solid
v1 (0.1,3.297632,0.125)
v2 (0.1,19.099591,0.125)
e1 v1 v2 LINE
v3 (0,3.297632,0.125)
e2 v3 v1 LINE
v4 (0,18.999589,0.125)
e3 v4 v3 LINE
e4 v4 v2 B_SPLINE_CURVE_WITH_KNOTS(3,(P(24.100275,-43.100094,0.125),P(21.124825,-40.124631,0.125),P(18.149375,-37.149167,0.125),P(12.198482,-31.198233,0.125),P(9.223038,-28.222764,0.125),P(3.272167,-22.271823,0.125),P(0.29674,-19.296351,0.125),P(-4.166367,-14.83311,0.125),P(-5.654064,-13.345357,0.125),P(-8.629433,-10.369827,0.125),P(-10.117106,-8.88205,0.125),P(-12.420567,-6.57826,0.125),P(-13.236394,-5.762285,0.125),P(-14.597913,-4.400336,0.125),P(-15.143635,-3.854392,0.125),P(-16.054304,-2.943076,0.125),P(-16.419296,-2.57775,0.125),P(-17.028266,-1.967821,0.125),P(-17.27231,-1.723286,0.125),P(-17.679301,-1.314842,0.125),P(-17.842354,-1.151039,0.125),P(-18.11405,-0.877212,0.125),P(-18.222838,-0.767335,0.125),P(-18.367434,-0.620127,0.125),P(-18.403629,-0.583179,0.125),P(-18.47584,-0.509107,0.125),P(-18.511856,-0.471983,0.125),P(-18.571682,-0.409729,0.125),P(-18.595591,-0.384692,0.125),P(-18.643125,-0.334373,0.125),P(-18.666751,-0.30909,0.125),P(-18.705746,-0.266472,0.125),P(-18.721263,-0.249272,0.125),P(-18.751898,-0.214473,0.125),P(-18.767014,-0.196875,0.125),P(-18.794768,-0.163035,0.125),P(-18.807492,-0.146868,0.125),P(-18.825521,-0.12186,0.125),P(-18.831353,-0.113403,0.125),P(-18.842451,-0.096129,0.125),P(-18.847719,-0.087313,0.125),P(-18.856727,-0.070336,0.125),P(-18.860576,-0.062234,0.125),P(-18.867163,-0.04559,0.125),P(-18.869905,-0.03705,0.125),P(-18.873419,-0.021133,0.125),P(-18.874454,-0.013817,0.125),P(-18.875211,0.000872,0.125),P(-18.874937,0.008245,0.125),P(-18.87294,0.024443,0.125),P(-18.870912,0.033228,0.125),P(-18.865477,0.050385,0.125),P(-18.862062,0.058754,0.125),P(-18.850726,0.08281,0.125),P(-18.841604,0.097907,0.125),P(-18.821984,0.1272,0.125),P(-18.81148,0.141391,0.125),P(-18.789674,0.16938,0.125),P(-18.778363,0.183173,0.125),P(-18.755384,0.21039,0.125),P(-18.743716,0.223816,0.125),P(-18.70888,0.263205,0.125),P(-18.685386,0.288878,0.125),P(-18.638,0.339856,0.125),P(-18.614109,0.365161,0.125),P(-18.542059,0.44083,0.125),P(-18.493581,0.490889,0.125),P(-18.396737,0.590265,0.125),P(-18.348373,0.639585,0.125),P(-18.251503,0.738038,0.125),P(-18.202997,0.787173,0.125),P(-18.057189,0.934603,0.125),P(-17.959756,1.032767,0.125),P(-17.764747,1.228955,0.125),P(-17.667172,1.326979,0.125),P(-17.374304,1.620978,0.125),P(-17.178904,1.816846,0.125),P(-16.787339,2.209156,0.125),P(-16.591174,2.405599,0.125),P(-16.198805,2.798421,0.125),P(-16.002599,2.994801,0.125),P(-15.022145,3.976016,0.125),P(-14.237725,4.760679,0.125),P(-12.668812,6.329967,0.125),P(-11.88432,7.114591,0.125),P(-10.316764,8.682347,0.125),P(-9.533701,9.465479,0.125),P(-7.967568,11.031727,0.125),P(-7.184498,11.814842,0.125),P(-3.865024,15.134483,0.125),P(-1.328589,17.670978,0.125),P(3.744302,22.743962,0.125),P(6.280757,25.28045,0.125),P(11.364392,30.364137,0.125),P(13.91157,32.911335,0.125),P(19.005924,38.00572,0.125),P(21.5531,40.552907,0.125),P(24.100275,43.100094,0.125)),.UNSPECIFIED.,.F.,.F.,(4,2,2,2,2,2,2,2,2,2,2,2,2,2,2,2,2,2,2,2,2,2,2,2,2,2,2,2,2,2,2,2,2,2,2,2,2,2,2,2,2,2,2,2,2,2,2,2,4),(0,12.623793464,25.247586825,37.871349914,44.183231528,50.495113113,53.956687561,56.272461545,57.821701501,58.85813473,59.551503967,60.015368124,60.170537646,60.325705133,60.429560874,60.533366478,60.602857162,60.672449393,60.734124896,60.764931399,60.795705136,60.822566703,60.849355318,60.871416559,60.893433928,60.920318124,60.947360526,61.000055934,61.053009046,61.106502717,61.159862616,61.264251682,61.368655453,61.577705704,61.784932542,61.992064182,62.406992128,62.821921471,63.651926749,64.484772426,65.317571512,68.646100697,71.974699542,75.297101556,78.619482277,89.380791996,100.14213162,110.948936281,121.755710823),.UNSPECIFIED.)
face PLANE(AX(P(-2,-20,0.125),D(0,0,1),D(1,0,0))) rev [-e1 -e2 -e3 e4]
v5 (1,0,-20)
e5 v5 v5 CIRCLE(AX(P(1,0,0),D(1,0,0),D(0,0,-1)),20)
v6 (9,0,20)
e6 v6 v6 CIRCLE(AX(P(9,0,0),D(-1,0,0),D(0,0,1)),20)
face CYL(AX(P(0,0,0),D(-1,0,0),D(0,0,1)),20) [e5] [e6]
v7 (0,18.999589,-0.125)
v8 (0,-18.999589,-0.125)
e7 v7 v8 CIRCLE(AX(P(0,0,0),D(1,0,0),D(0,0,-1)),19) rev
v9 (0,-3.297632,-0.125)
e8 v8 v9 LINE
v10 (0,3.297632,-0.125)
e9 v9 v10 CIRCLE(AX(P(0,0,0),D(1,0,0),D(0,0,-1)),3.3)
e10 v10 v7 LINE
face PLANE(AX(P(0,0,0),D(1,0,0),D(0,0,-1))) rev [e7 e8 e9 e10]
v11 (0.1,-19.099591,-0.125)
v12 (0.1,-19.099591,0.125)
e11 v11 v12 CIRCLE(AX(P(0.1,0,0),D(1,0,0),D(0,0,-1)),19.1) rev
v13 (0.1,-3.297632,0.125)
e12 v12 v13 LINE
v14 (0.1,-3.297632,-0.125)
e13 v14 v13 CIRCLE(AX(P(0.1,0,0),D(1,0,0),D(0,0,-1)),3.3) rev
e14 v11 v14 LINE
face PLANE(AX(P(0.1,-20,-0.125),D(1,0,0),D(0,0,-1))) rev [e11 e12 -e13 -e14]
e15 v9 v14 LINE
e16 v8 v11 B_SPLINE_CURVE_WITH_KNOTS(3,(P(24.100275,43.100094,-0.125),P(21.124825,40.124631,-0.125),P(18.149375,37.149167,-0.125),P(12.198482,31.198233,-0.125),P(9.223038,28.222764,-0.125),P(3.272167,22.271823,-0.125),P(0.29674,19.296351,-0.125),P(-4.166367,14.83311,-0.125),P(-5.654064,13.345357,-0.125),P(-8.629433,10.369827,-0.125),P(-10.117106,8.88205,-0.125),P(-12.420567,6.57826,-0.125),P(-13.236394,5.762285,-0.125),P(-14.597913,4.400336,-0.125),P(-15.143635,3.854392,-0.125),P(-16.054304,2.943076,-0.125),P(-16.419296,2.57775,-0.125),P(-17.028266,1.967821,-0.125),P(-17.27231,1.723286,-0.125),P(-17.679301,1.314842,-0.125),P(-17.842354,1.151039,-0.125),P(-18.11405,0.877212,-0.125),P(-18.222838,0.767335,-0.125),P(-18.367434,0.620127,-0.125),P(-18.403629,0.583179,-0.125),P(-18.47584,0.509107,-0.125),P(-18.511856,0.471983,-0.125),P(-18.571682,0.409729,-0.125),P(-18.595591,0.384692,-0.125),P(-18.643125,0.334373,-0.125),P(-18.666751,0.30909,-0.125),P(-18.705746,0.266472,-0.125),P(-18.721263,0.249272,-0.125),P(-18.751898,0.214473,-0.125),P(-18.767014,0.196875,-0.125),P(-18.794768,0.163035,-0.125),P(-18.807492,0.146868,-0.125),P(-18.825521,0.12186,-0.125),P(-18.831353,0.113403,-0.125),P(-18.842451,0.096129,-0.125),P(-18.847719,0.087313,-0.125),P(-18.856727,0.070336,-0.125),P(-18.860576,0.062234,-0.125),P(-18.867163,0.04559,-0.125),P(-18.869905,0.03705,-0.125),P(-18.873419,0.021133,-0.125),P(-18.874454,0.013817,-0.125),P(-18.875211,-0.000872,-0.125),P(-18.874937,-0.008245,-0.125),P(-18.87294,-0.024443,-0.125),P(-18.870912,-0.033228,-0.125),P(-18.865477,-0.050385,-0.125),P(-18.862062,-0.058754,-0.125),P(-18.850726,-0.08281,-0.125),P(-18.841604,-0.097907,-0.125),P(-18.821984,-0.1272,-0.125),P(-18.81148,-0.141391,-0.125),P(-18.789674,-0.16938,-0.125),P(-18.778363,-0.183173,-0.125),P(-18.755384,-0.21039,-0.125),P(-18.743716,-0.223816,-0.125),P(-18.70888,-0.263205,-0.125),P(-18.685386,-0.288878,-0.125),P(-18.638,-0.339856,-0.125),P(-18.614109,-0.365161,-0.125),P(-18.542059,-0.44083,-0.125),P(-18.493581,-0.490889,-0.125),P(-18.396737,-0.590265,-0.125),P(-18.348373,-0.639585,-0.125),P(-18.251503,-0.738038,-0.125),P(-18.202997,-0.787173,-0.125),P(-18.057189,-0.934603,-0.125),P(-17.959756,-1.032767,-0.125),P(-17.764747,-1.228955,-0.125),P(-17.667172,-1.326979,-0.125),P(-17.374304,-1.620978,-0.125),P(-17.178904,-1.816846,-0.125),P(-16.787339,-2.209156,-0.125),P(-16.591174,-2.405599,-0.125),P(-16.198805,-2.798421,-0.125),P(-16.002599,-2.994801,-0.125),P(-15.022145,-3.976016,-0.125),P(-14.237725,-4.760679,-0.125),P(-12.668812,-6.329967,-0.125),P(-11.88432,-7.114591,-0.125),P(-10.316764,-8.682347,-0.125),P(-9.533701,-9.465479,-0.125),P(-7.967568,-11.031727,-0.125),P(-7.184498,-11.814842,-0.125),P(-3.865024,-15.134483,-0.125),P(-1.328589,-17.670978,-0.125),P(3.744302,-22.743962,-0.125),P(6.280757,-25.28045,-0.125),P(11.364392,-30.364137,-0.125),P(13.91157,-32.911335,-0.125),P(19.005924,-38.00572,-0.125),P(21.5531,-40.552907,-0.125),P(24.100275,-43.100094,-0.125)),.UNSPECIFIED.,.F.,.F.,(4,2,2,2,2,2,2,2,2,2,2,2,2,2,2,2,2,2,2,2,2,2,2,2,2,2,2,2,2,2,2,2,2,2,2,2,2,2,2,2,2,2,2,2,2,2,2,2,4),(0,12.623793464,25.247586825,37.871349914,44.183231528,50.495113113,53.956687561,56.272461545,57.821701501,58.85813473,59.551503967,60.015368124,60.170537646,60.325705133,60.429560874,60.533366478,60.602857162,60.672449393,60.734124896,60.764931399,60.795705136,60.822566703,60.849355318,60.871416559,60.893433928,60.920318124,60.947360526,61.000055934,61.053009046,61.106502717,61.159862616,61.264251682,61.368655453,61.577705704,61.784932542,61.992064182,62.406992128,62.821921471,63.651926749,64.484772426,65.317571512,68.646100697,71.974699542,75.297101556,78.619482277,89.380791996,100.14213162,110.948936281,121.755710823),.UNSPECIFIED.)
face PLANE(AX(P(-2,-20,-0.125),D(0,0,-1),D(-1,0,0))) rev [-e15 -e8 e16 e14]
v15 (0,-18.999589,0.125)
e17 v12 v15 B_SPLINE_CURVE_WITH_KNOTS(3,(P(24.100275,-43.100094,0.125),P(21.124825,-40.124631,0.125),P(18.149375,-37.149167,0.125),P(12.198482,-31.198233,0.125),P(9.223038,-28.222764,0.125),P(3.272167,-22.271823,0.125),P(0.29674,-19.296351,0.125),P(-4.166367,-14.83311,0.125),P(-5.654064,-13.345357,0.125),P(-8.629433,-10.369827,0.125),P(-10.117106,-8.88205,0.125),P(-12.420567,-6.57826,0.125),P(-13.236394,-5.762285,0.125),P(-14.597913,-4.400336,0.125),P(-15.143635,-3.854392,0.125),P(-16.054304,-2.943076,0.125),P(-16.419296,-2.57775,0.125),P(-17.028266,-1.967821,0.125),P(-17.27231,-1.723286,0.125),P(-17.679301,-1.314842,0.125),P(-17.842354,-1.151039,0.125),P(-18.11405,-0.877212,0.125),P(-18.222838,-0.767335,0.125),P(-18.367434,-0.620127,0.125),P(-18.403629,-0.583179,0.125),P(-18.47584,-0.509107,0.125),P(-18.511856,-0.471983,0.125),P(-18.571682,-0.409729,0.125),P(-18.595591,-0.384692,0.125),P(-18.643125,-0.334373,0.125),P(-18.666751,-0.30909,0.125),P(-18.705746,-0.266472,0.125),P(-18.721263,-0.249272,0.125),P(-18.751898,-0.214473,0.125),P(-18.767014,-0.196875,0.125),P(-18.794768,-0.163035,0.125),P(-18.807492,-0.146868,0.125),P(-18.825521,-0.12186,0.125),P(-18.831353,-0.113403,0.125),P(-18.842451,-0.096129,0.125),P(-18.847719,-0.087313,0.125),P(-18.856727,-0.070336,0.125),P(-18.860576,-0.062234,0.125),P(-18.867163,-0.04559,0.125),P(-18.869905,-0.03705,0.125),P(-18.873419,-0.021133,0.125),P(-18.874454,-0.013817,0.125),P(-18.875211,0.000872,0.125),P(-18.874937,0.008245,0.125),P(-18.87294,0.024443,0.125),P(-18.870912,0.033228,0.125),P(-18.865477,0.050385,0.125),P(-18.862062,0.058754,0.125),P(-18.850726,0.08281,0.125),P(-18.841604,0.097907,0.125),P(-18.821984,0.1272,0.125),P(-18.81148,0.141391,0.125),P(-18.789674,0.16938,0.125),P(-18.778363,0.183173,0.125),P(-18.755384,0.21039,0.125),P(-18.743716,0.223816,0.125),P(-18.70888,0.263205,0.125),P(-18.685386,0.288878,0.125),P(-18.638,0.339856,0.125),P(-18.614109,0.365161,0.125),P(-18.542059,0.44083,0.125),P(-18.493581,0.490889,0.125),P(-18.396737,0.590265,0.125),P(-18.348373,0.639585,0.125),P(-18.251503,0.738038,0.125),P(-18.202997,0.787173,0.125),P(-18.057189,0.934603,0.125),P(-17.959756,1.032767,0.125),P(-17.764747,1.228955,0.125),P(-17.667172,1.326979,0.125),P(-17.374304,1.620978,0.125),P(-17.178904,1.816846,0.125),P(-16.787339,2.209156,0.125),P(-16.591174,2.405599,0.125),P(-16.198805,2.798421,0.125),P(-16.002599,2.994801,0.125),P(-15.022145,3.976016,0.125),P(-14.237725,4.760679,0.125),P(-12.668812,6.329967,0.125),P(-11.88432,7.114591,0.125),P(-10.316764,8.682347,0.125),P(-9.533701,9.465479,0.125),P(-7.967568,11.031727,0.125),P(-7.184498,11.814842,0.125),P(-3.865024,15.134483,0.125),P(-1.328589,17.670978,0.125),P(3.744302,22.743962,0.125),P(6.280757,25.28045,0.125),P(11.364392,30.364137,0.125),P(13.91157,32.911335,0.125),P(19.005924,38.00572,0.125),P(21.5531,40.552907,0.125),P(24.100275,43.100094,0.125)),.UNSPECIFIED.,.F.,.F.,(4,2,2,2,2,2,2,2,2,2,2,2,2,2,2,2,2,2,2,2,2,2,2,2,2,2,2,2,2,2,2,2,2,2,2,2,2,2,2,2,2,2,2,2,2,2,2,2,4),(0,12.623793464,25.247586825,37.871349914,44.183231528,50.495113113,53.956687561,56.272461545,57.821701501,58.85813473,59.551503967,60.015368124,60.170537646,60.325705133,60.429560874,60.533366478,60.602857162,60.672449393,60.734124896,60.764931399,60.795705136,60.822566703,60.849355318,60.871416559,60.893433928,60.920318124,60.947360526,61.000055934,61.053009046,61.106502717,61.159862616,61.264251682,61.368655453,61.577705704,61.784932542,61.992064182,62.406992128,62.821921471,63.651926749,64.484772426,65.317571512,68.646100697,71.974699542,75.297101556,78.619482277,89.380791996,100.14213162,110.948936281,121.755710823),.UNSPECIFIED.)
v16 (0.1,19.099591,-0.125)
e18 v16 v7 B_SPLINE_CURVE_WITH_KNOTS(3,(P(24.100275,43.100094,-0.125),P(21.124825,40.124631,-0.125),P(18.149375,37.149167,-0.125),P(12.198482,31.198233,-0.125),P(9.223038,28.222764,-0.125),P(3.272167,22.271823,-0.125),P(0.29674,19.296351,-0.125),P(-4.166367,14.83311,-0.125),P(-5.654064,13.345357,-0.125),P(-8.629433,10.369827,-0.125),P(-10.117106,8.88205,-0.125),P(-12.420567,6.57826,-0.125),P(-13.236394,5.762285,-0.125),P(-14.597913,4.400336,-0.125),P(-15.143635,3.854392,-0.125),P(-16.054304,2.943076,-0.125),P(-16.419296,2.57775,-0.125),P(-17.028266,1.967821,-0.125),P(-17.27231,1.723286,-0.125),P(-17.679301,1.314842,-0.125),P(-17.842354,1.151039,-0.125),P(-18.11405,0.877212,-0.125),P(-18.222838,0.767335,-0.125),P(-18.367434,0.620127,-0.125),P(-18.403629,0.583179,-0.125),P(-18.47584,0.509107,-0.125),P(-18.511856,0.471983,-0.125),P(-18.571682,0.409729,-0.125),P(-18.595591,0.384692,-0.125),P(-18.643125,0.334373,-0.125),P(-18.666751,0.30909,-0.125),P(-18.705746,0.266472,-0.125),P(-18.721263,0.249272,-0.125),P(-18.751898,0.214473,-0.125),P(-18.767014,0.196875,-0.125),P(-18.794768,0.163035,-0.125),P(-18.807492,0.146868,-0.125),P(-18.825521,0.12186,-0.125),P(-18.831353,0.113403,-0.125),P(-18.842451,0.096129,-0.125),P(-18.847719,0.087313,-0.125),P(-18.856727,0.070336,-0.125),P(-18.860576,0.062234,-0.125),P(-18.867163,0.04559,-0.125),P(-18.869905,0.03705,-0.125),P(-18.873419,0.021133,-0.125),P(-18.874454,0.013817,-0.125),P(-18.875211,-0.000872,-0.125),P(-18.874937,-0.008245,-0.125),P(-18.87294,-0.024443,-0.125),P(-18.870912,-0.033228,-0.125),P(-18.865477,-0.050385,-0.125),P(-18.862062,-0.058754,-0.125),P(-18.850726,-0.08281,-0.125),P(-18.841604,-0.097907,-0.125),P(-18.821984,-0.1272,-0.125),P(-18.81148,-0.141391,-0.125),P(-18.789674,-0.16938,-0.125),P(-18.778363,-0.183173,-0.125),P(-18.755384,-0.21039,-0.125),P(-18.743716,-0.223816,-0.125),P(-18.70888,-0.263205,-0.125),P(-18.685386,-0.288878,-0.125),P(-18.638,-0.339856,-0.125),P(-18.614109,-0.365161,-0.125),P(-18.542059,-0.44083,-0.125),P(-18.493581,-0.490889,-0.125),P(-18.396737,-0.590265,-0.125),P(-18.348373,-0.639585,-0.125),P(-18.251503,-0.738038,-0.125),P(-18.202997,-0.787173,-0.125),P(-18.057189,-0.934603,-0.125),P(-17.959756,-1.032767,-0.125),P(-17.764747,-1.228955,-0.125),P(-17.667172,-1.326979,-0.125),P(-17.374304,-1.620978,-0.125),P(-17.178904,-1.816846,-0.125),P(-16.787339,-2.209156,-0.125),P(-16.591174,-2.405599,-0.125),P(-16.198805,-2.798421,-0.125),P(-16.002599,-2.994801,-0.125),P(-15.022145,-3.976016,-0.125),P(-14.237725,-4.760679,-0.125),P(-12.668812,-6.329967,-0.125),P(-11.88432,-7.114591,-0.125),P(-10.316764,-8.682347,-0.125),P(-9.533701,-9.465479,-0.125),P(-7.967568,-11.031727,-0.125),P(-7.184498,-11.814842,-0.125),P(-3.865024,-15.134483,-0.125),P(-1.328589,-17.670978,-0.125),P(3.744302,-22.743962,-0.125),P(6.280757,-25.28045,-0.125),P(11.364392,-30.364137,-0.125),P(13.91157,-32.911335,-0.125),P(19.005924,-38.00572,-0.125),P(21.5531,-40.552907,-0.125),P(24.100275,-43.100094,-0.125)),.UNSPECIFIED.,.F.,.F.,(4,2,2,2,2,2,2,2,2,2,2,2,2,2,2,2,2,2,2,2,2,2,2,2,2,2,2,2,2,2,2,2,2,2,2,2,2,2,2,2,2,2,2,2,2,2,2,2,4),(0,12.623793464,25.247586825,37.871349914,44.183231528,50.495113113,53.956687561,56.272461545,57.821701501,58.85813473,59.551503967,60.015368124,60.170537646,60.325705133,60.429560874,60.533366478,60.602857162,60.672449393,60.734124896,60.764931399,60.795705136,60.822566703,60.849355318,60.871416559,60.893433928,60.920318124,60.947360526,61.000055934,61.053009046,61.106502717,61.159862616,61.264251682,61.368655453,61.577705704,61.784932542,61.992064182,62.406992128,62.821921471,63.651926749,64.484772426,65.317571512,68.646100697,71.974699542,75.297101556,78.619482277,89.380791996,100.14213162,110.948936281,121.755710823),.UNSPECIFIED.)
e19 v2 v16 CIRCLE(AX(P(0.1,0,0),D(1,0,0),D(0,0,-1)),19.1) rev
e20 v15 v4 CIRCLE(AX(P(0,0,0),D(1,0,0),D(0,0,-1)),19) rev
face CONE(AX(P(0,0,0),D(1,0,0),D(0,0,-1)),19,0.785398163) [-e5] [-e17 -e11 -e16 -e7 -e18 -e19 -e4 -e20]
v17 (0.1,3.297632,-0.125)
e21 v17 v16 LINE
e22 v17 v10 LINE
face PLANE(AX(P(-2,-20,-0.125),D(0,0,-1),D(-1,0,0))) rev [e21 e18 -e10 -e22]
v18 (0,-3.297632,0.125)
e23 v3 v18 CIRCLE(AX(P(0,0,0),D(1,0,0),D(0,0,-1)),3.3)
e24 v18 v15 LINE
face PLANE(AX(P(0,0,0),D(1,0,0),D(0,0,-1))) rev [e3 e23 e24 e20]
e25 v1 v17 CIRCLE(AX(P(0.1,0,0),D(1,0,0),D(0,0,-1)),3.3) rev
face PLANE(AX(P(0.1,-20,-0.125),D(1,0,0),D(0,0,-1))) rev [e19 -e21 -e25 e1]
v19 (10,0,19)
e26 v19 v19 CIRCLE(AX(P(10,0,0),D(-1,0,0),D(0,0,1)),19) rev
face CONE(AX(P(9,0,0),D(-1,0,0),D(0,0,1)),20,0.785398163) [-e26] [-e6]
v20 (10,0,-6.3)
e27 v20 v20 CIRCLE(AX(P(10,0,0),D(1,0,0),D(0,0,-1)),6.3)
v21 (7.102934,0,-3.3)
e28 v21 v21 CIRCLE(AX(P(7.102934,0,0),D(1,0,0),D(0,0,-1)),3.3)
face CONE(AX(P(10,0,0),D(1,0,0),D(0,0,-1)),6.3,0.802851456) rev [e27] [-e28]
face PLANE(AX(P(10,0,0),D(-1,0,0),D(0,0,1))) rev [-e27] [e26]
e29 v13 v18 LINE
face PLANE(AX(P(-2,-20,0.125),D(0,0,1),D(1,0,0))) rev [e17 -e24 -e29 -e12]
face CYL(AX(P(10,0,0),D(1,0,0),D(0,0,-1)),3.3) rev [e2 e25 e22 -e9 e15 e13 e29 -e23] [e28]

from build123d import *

# Parameters (mm, degrees)
ESQUISSE1_W             = 10
ESQUISSE1_H             = 20
CHANFREIN1_SIZE         = 1
PER_AGE1_D              = 6.6
PER_AGE1_CSINK_D        = 12.6
PER_AGE1_CSINK_ANGLE    = 92
ESQUISSE5_W             = 2.1
ESQUISSE5_H             = 0.25
ENL_V_MAT_EXTRU_1_DEPTH = 20


with BuildPart() as part:
    # Esquisse1 → Base-Révolution (revolve)
    with BuildSketch(Plane.XY, mode=Mode.PRIVATE) as base_r_volution_sk:
        with Locations((5, 10)):
            Rectangle(ESQUISSE1_W, ESQUISSE1_H)
    revolve(base_r_volution_sk.sketch.rotate(Axis((0, 0, 0), (1, 0, 0)), 90), axis=Axis((0, 0, 0), (1, 0, 0)))

    # Chanfrein1
    chanfrein1_edges = [part.edges().sort_by_distance(p)[0] for p in [
        (10, 0, -20),
        (0, 0, -20),
    ]]
    chamfer(chanfrein1_edges, length=CHANFREIN1_SIZE)

    # Perçage1 (through all)
    with Locations(Plane(origin=(10, 0, 0), x_dir=(0, 0, -1), z_dir=(1, 0, 0))):
        with Locations((0, 0)):
            CounterSinkHole(PER_AGE1_D / 2, PER_AGE1_CSINK_D / 2, counter_sink_angle=PER_AGE1_CSINK_ANGLE)

    # Esquisse5 → Enlèv. mat.-Extru.1 (cut, symmetric)
    with BuildSketch(Plane(origin=(0, 0, 0), x_dir=(1, 0, 0), z_dir=(0, 1, 0))):
        with Locations((-0.95, 0)):
            Rectangle(ESQUISSE5_W, ESQUISSE5_H)
    extrude(amount=ENL_V_MAT_EXTRU_1_DEPTH, both=True, mode=Mode.SUBTRACT)


solid = part.part
